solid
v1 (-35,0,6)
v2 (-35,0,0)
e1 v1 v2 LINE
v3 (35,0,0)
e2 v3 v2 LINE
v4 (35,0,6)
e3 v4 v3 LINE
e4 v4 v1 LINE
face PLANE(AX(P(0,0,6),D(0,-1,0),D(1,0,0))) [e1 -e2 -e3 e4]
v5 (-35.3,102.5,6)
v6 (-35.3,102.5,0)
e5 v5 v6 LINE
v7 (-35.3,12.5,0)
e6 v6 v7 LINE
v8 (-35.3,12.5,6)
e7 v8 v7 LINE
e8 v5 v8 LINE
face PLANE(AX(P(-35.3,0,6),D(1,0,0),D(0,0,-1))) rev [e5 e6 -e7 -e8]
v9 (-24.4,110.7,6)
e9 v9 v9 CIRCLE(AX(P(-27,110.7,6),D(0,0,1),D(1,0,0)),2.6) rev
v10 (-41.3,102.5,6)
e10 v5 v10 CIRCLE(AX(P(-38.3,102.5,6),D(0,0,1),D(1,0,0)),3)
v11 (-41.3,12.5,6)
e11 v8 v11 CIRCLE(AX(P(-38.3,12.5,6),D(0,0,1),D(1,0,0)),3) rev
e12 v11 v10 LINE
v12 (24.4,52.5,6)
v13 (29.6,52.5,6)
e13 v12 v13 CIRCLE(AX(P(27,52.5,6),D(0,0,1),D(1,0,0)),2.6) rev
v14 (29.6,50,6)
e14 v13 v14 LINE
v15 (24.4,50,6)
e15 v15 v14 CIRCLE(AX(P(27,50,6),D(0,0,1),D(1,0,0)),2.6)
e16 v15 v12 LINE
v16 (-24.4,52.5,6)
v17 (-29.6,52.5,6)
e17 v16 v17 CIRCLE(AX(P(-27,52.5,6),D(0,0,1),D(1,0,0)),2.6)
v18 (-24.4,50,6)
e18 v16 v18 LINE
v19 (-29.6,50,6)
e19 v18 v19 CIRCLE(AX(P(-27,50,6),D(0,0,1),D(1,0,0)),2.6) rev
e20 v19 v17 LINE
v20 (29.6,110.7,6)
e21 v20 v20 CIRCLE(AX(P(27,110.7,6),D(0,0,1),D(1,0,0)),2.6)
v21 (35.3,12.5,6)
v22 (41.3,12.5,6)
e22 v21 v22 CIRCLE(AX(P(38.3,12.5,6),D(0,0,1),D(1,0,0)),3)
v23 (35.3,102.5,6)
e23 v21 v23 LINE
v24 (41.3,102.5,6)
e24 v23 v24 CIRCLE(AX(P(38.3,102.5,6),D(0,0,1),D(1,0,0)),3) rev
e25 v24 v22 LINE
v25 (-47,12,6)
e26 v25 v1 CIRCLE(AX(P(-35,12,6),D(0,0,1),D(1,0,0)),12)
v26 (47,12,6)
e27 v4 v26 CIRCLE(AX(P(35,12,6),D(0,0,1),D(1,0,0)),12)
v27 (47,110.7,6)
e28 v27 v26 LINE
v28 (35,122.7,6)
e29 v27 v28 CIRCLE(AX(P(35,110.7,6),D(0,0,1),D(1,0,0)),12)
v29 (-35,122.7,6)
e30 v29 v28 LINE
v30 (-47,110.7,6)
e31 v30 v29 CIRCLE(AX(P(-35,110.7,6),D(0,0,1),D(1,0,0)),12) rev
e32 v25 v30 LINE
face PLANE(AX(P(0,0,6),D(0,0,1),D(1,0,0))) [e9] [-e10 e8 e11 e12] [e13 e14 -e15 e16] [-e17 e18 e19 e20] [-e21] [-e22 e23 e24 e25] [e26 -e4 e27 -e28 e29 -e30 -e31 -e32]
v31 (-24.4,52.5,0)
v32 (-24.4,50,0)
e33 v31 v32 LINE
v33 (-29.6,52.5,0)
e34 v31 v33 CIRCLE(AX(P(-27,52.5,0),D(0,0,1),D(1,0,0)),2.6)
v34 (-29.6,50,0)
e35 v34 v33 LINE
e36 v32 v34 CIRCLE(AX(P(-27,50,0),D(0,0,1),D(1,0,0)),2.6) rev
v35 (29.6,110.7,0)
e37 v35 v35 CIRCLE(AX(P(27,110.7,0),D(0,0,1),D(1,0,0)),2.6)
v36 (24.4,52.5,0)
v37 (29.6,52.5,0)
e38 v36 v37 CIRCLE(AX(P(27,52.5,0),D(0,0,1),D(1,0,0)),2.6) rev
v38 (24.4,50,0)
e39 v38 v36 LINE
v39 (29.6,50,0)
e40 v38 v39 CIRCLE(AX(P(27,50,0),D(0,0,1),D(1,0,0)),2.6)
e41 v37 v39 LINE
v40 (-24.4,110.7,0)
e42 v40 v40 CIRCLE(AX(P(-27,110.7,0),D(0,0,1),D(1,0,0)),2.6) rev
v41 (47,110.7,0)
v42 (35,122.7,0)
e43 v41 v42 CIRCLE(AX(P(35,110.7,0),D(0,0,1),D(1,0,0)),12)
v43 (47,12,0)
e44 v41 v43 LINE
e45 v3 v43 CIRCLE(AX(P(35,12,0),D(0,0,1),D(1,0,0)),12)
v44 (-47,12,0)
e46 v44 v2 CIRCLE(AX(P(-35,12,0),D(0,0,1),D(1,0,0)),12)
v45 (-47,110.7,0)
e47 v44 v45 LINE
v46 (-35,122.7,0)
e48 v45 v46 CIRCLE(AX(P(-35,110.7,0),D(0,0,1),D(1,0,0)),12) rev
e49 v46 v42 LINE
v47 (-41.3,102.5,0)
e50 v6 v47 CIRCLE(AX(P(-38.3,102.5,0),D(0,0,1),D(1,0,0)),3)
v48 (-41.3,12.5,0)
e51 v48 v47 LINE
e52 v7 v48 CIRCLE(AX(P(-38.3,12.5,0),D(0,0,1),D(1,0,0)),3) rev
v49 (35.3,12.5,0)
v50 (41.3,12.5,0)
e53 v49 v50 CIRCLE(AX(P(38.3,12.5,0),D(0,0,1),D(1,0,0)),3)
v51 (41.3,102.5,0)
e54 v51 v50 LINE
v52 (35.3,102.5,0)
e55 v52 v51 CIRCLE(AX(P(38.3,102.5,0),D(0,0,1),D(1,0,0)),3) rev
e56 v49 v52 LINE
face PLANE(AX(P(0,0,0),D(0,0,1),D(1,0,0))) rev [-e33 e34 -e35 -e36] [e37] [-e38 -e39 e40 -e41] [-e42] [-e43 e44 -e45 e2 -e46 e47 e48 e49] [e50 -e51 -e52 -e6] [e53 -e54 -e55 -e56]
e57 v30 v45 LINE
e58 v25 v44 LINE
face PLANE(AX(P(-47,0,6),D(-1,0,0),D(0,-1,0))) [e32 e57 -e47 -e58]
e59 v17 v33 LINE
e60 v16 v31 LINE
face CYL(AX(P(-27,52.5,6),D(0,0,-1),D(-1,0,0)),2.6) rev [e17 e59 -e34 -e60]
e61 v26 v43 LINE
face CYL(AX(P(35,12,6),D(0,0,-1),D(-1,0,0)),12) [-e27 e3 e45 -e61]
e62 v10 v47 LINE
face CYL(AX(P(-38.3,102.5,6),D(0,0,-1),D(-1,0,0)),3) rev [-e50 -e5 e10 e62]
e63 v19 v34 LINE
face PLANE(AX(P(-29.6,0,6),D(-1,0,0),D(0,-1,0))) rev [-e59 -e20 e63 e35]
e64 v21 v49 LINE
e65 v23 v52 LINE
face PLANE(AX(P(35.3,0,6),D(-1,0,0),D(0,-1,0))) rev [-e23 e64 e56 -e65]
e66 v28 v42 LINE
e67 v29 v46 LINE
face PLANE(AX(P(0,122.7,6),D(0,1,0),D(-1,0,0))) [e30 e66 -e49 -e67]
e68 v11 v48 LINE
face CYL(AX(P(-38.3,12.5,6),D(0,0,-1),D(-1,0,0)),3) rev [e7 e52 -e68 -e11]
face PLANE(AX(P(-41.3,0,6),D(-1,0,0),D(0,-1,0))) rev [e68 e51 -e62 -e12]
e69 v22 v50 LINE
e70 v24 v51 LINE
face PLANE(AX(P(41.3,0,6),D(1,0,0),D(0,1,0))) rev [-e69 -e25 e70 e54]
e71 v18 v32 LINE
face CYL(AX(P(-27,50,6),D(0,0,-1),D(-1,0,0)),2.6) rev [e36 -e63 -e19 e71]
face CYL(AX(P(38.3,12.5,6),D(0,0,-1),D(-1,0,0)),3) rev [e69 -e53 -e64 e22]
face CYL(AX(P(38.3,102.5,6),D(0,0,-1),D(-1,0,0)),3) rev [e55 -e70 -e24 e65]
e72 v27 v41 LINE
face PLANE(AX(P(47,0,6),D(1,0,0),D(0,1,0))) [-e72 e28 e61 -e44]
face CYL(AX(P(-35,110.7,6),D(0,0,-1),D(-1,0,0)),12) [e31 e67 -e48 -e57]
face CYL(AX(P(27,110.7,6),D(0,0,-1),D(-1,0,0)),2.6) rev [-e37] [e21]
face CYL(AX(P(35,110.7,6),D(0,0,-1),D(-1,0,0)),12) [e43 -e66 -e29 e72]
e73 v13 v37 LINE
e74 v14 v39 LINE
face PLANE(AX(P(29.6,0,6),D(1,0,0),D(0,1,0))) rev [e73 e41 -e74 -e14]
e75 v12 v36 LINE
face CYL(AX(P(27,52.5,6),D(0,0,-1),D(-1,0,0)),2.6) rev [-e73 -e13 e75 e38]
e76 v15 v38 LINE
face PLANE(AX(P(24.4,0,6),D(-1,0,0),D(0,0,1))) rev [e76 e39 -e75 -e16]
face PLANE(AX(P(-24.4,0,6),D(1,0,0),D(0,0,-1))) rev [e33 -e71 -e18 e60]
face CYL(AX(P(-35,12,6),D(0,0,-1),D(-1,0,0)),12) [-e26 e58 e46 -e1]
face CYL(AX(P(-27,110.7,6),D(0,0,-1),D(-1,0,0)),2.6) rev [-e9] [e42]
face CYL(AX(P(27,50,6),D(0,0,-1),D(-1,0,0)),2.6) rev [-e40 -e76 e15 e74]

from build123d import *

# Parameters (mm, degrees)
MODEL_R    = 2.6
BASE_DEPTH = 6


with BuildPart() as part:
    # Model → Base (new body)
    with BuildSketch(Plane.XY):
        with BuildLine():
            Line((35, 0), (-35, 0))
            ThreePointArc((-35, 0), (-43.485281374, 3.514718626), (-47, 12))
            Line((-47, 12), (-47, 110.7))
            ThreePointArc((-47, 110.7), (-43.485281374, 119.185281374), (-35, 122.7))
            Line((-35, 122.7), (35, 122.7))
            ThreePointArc((35, 122.7), (43.485281374, 119.185281374), (47, 110.7))
            Line((47, 110.7), (47, 12))
            ThreePointArc((47, 12), (43.485281374, 3.514718626), (35, 0))
        make_face()
        with Locations((27, 110.7)):
            Circle(MODEL_R, mode=Mode.SUBTRACT)
        with Locations((-27, 110.7)):
            Circle(MODEL_R, mode=Mode.SUBTRACT)
        with BuildLine():
            Line((-29.6, 52.5), (-29.6, 50))
            ThreePointArc((-29.6, 50), (-27, 47.4), (-24.4, 50))
            Line((-24.4, 50), (-24.4, 52.5))
            ThreePointArc((-24.4, 52.5), (-27, 55.1), (-29.6, 52.5))
        make_face(mode=Mode.SUBTRACT)
        with BuildLine():
            Line((-41.3, 102.5), (-41.3, 12.5))
            ThreePointArc((-41.3, 12.5), (-38.3, 9.5), (-35.3, 12.5))
            Line((-35.3, 12.5), (-35.3, 102.5))
            ThreePointArc((-35.3, 102.5), (-38.3, 105.5), (-41.3, 102.5))
        make_face(mode=Mode.SUBTRACT)
        with BuildLine():
            Line((24.4, 52.5), (24.4, 50))
            ThreePointArc((24.4, 50), (27, 47.4), (29.6, 50))
            Line((29.6, 50), (29.6, 52.5))
            ThreePointArc((29.6, 52.5), (27, 55.1), (24.4, 52.5))
        make_face(mode=Mode.SUBTRACT)
        with BuildLine():
            Line((41.3, 12.5), (41.3, 102.5))
            ThreePointArc((41.3, 102.5), (38.3, 105.5), (35.3, 102.5))
            Line((35.3, 102.5), (35.3, 12.5))
            ThreePointArc((35.3, 12.5), (38.3, 9.5), (41.3, 12.5))
        make_face(mode=Mode.SUBTRACT)
    extrude(amount=BASE_DEPTH)


solid = part.part
